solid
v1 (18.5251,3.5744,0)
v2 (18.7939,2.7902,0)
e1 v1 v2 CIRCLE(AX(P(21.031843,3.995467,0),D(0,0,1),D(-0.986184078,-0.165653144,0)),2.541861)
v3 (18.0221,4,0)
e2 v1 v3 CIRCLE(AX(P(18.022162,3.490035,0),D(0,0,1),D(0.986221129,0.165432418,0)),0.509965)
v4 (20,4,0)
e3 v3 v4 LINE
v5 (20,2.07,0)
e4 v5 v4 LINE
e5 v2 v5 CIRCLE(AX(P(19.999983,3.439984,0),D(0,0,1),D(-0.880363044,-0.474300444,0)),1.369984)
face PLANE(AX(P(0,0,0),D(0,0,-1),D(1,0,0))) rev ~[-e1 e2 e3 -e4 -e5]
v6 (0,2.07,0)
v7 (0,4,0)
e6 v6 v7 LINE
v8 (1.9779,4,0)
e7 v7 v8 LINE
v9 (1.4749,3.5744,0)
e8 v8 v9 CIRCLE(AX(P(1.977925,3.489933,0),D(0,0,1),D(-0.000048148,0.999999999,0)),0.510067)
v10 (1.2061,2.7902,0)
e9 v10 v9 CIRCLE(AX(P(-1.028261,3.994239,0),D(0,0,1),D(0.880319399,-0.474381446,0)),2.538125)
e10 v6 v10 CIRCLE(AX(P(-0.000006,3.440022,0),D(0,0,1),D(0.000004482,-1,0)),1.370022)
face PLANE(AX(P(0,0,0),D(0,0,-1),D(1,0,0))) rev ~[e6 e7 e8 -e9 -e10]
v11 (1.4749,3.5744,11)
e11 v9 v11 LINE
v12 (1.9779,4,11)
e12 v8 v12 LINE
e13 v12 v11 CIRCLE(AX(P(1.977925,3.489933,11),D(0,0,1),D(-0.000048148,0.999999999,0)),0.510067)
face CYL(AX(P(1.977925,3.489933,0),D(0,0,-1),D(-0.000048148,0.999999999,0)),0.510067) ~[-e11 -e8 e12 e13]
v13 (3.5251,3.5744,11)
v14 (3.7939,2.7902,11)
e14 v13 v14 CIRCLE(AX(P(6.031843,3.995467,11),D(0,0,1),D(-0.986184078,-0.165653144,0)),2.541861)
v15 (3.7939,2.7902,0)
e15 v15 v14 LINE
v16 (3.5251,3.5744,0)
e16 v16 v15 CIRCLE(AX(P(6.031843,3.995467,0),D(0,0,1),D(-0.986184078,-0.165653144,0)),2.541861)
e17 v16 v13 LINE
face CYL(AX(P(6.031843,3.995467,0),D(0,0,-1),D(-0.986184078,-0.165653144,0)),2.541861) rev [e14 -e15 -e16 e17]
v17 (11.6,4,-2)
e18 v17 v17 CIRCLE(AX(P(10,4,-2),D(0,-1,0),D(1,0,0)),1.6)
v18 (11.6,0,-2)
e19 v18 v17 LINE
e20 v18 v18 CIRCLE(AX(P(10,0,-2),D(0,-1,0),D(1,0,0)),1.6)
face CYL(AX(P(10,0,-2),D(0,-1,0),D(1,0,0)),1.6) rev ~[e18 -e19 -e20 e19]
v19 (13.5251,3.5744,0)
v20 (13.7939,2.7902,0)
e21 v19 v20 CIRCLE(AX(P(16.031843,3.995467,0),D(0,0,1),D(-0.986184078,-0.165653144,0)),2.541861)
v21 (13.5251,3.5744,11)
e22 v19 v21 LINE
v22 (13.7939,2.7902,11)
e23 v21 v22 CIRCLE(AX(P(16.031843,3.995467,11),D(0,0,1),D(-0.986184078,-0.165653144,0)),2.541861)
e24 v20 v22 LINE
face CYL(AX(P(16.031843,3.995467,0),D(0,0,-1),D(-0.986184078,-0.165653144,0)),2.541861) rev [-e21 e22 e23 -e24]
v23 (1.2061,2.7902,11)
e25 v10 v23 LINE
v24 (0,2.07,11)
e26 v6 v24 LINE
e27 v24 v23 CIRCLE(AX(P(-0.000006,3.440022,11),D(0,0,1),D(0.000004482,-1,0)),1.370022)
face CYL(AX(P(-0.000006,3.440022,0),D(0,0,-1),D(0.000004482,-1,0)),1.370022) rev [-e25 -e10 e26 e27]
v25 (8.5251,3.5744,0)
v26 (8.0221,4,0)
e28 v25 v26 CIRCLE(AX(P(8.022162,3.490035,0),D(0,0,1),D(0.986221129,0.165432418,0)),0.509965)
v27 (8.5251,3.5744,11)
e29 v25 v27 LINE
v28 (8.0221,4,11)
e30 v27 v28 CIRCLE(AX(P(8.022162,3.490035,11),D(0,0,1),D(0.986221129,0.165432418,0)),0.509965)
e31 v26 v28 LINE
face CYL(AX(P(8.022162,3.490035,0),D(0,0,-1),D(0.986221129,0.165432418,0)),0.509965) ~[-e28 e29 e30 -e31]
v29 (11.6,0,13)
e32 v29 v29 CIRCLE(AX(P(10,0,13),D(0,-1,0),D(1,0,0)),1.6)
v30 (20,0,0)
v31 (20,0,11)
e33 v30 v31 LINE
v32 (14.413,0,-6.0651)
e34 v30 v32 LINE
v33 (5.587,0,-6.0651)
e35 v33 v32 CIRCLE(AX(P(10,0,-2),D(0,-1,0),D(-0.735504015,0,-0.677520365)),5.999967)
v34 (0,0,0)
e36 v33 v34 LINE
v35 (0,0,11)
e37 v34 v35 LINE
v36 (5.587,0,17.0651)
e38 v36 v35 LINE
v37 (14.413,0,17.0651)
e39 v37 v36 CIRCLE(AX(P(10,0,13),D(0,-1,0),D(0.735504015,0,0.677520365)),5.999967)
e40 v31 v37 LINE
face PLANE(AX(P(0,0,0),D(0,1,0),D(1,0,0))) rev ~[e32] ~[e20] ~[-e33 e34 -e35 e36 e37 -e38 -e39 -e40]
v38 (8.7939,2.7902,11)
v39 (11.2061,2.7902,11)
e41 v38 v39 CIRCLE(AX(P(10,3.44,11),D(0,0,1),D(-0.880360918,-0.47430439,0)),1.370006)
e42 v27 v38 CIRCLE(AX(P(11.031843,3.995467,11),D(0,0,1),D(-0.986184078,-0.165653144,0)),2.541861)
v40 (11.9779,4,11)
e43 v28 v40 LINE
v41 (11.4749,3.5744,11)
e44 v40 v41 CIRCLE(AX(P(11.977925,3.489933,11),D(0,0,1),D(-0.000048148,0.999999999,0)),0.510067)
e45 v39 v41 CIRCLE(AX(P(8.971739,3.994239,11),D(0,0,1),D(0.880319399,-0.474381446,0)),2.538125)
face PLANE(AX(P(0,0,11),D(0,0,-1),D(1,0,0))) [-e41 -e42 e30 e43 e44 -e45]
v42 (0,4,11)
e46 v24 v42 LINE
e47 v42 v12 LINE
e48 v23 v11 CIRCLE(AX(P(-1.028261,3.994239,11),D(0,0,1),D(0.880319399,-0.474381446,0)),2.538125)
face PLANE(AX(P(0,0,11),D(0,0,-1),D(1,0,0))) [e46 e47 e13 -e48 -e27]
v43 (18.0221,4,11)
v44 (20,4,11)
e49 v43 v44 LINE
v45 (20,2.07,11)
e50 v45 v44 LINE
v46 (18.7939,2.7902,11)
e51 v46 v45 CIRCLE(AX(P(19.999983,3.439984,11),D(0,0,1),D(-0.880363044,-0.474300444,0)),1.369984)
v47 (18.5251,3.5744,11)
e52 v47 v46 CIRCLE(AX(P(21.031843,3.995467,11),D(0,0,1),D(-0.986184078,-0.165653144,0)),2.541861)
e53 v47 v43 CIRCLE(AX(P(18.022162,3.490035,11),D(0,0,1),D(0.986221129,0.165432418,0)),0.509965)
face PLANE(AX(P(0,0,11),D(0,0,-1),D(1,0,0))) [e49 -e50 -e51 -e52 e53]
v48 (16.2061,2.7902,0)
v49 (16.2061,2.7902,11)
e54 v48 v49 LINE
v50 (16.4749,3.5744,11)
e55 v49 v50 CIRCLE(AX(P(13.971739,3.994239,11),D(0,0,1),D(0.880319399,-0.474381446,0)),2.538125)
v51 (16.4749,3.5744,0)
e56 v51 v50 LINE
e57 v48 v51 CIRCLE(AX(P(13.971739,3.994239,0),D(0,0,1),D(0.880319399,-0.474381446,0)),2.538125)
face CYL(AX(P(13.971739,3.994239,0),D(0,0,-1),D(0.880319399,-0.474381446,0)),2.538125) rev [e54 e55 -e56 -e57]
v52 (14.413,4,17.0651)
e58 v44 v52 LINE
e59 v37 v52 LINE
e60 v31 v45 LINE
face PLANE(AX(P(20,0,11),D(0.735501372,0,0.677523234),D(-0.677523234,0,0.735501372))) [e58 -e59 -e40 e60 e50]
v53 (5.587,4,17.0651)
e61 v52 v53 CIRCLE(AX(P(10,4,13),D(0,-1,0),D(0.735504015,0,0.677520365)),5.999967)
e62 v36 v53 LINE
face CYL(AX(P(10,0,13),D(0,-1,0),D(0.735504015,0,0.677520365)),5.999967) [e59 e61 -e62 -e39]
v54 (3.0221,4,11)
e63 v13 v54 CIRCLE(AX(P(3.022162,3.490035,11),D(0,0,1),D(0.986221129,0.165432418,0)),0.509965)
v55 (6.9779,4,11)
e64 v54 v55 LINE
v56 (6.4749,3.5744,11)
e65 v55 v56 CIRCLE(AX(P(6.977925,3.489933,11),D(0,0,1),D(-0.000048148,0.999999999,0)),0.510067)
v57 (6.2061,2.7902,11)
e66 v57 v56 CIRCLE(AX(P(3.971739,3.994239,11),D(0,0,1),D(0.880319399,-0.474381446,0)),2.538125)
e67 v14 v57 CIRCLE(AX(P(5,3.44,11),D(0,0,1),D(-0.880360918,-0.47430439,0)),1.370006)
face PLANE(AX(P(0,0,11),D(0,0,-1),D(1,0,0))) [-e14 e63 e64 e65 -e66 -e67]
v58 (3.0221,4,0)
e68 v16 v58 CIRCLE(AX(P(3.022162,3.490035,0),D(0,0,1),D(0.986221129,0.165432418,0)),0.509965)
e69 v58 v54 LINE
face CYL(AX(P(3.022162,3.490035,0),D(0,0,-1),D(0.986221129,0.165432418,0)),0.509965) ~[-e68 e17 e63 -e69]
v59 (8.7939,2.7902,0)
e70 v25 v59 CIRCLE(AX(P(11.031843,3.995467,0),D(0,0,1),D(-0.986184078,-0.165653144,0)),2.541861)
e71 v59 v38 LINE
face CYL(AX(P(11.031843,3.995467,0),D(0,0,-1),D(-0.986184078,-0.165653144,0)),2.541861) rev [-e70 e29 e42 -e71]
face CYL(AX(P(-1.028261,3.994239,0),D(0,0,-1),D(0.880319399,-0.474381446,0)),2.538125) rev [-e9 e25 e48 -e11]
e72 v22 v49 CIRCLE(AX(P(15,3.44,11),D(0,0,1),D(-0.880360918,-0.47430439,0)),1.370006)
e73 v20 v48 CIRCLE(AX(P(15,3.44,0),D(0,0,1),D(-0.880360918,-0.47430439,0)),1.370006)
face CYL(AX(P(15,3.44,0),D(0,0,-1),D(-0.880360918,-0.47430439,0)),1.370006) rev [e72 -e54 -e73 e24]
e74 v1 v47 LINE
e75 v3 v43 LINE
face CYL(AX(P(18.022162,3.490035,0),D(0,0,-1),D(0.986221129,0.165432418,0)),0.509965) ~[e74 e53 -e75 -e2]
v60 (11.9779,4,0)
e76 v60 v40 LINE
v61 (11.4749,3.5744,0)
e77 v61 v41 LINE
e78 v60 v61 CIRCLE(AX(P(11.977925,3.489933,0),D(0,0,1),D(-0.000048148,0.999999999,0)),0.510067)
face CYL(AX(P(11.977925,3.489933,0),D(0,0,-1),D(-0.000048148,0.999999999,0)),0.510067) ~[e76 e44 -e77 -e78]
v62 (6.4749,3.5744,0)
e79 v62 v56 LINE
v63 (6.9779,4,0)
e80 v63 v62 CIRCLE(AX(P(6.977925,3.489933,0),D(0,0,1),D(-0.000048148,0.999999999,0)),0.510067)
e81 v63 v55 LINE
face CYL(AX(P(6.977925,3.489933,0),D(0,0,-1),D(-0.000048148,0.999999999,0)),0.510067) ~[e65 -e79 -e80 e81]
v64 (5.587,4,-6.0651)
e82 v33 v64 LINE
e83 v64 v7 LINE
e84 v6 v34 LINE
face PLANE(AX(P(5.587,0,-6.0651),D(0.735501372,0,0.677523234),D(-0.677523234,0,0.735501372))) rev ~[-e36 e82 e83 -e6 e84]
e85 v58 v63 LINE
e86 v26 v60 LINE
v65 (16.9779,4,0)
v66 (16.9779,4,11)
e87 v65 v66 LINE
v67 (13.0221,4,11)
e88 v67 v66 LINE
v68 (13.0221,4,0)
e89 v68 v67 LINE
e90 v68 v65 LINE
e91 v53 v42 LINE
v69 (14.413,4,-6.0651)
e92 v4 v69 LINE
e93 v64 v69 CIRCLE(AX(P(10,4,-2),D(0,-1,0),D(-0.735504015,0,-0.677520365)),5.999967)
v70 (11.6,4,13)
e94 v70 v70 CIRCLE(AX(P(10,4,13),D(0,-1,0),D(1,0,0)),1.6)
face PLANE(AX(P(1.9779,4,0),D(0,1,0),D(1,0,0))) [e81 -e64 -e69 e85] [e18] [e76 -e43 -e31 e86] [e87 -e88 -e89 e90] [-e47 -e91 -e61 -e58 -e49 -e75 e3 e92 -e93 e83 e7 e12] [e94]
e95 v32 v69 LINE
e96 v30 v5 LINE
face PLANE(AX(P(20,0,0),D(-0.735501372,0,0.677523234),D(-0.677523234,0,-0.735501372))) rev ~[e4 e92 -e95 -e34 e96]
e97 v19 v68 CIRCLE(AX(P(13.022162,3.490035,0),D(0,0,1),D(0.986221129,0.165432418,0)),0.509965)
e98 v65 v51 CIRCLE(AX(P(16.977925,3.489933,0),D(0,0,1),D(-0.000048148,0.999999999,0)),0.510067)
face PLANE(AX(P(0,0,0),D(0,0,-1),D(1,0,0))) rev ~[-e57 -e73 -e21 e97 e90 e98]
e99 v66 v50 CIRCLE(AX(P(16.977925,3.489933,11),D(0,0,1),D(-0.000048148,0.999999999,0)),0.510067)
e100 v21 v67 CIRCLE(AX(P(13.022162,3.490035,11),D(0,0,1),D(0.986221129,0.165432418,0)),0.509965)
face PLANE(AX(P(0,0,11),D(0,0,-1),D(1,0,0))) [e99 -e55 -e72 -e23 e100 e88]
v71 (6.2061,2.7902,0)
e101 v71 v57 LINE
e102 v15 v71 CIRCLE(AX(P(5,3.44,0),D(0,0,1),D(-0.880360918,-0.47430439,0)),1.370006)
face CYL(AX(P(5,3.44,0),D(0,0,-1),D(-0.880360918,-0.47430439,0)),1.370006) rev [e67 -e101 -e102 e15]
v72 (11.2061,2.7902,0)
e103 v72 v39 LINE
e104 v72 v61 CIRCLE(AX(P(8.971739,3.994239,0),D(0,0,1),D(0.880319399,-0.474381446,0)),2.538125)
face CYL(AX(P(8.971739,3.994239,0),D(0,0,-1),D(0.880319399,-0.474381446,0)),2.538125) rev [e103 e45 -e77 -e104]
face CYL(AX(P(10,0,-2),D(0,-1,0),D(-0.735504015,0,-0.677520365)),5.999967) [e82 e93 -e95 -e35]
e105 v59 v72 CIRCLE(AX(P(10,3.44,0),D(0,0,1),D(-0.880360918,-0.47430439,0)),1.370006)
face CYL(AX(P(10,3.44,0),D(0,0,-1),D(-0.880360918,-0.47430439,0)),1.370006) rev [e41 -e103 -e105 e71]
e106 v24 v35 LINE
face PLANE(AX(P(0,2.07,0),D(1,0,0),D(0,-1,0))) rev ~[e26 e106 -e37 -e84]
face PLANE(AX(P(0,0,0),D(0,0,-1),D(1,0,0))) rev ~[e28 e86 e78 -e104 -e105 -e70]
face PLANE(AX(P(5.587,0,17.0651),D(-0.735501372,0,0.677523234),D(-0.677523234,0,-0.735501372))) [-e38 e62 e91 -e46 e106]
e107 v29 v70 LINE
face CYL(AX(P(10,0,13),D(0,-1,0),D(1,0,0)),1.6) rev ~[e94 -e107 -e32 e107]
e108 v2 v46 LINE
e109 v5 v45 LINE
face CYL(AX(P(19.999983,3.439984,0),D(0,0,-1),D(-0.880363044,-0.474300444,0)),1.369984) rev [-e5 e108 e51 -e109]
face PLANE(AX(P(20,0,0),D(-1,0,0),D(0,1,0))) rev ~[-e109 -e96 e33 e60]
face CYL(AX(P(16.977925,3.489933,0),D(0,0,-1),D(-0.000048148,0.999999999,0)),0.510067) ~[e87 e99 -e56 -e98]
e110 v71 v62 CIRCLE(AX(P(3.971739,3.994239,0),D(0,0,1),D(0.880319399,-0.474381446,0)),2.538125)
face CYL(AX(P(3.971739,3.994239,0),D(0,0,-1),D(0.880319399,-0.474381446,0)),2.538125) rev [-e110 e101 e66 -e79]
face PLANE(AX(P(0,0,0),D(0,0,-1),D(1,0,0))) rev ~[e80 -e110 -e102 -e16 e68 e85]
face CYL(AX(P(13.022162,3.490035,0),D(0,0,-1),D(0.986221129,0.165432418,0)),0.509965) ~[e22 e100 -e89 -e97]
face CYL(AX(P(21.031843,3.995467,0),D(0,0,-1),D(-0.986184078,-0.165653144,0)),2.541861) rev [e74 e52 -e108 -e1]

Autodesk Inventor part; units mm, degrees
ref_plane "YZ Plane" through (0, 0, 0) normal (1, 0, 0) x (0, 1, 0)
ref_plane "XZ Plane" through (0, 0, 0) normal (0, 1, 0) x (-1, 0, 0)
ref_plane "XY Plane" through (0, 0, 0) normal (0, 0, 1) x (1, 0, 0)
sketch "スケッチ1" plane through (0, 0, 0) normal (0, 0, 1) x (1, 0, 0)
  arc A0 (-1.2061, 2.7902) -> (0, 2.07) centre (0, 3.44) ccw construction
  arc A1 (-1.4749, 3.5744) -> (-1.2061, 2.7902) centre (1.03, 3.995) ccw construction
  arc A2 (1.2061, 2.7902) -> (1.4749, 3.5744) centre (-1.03, 3.995) ccw
  arc A3 (-1.4749, 3.5744) -> (-1.9779, 4) centre (-1.9779, 3.49) ccw construction
  arc A4 (1.9779, 4) -> (1.4749, 3.5744) centre (1.9779, 3.49) ccw
  line L0 (1.9779, 4) -> (2.5, 4)
  line L1 (-1.9779, 4) -> (-2.5, 4) construction
  line L2 (6.9779, 4) -> (7.5, 4)
  arc A5 (6.9779, 4) -> (6.4749, 3.5744) centre (6.9779, 3.49) ccw
  arc A6 (6.2061, 2.7902) -> (6.4749, 3.5744) centre (3.97, 3.995) ccw
  arc A7 (3.7939, 2.7902) -> (6.2061, 2.7902) centre (5, 3.44) ccw
  arc A8 (3.5251, 3.5744) -> (3.7939, 2.7902) centre (6.03, 3.995) ccw
  arc A9 (3.5251, 3.5744) -> (3.0221, 4) centre (3.0221, 3.49) ccw
  line L3 (3.0221, 4) -> (2.5, 4)
  line L4 (11.9779, 4) -> (12.5, 4)
  arc A10 (11.9779, 4) -> (11.4749, 3.5744) centre (11.9779, 3.49) ccw
  arc A11 (11.2061, 2.7902) -> (11.4749, 3.5744) centre (8.97, 3.995) ccw
  arc A12 (8.7939, 2.7902) -> (11.2061, 2.7902) centre (10, 3.44) ccw
  arc A13 (8.5251, 3.5744) -> (8.7939, 2.7902) centre (11.03, 3.995) ccw
  arc A14 (8.5251, 3.5744) -> (8.0221, 4) centre (8.0221, 3.49) ccw
  line L5 (8.0221, 4) -> (7.5, 4)
  line L6 (16.9779, 4) -> (17.5, 4)
  arc A15 (16.9779, 4) -> (16.4749, 3.5744) centre (16.9779, 3.49) ccw
  arc A16 (16.2061, 2.7902) -> (16.4749, 3.5744) centre (13.97, 3.995) ccw
  arc A17 (13.7939, 2.7902) -> (16.2061, 2.7902) centre (15, 3.44) ccw
  arc A18 (13.5251, 3.5744) -> (13.7939, 2.7902) centre (16.03, 3.995) ccw
  arc A19 (13.5251, 3.5744) -> (13.0221, 4) centre (13.0221, 3.49) ccw
  line L7 (13.0221, 4) -> (12.5, 4)
  line L8 (21.9779, 4) -> (22.5, 4) construction
  arc A20 (21.9779, 4) -> (21.4749, 3.5744) centre (21.9779, 3.49) ccw construction
  arc A21 (21.2061, 2.7902) -> (21.4749, 3.5744) centre (18.97, 3.995) ccw construction
  arc A22 (18.7939, 2.7902) -> (20, 2.07) centre (20, 3.44) ccw
  arc A23 (18.5251, 3.5744) -> (18.7939, 2.7902) centre (21.03, 3.995) ccw
  arc A24 (18.5251, 3.5744) -> (18.0221, 4) centre (18.0221, 3.49) ccw
  line L9 (18.0221, 4) -> (17.5, 4)
  line L10 (0, 2.07) -> (0, 0)
  line L11 (0, 0) -> (20, 0)
  line L12 (20, 0) -> (20, 2.07)
  arc A25 (0, 2.07) -> (1.2061, 2.7902) centre (0, 3.44) ccw
  arc A26 (20, 2.07) -> (21.2061, 2.7902) centre (20, 3.44) ccw construction
  point P0 (5, 2.07)
  point P1 (10, 2.07)
  point P2 (15, 2.07)
  point P3 (22.5, 4)
  dimension "d9" = 1.37
  dimension "d10" = 2.54
  dimension "d11" = 2.54
  dimension "d12" = 0.51
  dimension "d13" = 0.51
  dimension "d14" = 1.93
  dimension "d15" = 5
  dimension "d16" = 2.5
  dimension "d17" = 5
extrude "押し出し1" add sketch "スケッチ1" along normal blind 11
sketch "スケッチ5" plane through (0, 0, 0) normal (0, -1, 0) x (1, 0, 0)
  circle A0 centre (10, 13) radius 1.6
  circle A1 centre (10, -2) radius 1.6
  arc A2 (14.413, 17.0651) -> (5.587, 17.0651) centre (10, 13) ccw
  arc A3 (5.587, -6.0651) -> (14.413, -6.0651) centre (10, -2) ccw
  line L0 (0, 11) -> (20, 11) projected
  line L1 (20, 11) -> (14.413, 17.0651)
  line L2 (5.587, 17.0651) -> (0, 11)
  line L3 (0, 0) -> (20, 0) projected
  line L4 (20, 0) -> (14.413, -6.0651)
  line L5 (5.587, -6.0651) -> (0, 0)
  point P0 (10, 11)
  point P1 (10, 0)
  dimension "d30" = 3.2
  dimension "d31" = 3.2
  dimension "d32" = 6
  dimension "d33" = 6
  dimension "d34" = 2
  dimension "d35" = 2
extrude "押し出し5" add sketch "スケッチ5" against normal blind 4
properties part number "ベルト固定_3Dプリンタ"
